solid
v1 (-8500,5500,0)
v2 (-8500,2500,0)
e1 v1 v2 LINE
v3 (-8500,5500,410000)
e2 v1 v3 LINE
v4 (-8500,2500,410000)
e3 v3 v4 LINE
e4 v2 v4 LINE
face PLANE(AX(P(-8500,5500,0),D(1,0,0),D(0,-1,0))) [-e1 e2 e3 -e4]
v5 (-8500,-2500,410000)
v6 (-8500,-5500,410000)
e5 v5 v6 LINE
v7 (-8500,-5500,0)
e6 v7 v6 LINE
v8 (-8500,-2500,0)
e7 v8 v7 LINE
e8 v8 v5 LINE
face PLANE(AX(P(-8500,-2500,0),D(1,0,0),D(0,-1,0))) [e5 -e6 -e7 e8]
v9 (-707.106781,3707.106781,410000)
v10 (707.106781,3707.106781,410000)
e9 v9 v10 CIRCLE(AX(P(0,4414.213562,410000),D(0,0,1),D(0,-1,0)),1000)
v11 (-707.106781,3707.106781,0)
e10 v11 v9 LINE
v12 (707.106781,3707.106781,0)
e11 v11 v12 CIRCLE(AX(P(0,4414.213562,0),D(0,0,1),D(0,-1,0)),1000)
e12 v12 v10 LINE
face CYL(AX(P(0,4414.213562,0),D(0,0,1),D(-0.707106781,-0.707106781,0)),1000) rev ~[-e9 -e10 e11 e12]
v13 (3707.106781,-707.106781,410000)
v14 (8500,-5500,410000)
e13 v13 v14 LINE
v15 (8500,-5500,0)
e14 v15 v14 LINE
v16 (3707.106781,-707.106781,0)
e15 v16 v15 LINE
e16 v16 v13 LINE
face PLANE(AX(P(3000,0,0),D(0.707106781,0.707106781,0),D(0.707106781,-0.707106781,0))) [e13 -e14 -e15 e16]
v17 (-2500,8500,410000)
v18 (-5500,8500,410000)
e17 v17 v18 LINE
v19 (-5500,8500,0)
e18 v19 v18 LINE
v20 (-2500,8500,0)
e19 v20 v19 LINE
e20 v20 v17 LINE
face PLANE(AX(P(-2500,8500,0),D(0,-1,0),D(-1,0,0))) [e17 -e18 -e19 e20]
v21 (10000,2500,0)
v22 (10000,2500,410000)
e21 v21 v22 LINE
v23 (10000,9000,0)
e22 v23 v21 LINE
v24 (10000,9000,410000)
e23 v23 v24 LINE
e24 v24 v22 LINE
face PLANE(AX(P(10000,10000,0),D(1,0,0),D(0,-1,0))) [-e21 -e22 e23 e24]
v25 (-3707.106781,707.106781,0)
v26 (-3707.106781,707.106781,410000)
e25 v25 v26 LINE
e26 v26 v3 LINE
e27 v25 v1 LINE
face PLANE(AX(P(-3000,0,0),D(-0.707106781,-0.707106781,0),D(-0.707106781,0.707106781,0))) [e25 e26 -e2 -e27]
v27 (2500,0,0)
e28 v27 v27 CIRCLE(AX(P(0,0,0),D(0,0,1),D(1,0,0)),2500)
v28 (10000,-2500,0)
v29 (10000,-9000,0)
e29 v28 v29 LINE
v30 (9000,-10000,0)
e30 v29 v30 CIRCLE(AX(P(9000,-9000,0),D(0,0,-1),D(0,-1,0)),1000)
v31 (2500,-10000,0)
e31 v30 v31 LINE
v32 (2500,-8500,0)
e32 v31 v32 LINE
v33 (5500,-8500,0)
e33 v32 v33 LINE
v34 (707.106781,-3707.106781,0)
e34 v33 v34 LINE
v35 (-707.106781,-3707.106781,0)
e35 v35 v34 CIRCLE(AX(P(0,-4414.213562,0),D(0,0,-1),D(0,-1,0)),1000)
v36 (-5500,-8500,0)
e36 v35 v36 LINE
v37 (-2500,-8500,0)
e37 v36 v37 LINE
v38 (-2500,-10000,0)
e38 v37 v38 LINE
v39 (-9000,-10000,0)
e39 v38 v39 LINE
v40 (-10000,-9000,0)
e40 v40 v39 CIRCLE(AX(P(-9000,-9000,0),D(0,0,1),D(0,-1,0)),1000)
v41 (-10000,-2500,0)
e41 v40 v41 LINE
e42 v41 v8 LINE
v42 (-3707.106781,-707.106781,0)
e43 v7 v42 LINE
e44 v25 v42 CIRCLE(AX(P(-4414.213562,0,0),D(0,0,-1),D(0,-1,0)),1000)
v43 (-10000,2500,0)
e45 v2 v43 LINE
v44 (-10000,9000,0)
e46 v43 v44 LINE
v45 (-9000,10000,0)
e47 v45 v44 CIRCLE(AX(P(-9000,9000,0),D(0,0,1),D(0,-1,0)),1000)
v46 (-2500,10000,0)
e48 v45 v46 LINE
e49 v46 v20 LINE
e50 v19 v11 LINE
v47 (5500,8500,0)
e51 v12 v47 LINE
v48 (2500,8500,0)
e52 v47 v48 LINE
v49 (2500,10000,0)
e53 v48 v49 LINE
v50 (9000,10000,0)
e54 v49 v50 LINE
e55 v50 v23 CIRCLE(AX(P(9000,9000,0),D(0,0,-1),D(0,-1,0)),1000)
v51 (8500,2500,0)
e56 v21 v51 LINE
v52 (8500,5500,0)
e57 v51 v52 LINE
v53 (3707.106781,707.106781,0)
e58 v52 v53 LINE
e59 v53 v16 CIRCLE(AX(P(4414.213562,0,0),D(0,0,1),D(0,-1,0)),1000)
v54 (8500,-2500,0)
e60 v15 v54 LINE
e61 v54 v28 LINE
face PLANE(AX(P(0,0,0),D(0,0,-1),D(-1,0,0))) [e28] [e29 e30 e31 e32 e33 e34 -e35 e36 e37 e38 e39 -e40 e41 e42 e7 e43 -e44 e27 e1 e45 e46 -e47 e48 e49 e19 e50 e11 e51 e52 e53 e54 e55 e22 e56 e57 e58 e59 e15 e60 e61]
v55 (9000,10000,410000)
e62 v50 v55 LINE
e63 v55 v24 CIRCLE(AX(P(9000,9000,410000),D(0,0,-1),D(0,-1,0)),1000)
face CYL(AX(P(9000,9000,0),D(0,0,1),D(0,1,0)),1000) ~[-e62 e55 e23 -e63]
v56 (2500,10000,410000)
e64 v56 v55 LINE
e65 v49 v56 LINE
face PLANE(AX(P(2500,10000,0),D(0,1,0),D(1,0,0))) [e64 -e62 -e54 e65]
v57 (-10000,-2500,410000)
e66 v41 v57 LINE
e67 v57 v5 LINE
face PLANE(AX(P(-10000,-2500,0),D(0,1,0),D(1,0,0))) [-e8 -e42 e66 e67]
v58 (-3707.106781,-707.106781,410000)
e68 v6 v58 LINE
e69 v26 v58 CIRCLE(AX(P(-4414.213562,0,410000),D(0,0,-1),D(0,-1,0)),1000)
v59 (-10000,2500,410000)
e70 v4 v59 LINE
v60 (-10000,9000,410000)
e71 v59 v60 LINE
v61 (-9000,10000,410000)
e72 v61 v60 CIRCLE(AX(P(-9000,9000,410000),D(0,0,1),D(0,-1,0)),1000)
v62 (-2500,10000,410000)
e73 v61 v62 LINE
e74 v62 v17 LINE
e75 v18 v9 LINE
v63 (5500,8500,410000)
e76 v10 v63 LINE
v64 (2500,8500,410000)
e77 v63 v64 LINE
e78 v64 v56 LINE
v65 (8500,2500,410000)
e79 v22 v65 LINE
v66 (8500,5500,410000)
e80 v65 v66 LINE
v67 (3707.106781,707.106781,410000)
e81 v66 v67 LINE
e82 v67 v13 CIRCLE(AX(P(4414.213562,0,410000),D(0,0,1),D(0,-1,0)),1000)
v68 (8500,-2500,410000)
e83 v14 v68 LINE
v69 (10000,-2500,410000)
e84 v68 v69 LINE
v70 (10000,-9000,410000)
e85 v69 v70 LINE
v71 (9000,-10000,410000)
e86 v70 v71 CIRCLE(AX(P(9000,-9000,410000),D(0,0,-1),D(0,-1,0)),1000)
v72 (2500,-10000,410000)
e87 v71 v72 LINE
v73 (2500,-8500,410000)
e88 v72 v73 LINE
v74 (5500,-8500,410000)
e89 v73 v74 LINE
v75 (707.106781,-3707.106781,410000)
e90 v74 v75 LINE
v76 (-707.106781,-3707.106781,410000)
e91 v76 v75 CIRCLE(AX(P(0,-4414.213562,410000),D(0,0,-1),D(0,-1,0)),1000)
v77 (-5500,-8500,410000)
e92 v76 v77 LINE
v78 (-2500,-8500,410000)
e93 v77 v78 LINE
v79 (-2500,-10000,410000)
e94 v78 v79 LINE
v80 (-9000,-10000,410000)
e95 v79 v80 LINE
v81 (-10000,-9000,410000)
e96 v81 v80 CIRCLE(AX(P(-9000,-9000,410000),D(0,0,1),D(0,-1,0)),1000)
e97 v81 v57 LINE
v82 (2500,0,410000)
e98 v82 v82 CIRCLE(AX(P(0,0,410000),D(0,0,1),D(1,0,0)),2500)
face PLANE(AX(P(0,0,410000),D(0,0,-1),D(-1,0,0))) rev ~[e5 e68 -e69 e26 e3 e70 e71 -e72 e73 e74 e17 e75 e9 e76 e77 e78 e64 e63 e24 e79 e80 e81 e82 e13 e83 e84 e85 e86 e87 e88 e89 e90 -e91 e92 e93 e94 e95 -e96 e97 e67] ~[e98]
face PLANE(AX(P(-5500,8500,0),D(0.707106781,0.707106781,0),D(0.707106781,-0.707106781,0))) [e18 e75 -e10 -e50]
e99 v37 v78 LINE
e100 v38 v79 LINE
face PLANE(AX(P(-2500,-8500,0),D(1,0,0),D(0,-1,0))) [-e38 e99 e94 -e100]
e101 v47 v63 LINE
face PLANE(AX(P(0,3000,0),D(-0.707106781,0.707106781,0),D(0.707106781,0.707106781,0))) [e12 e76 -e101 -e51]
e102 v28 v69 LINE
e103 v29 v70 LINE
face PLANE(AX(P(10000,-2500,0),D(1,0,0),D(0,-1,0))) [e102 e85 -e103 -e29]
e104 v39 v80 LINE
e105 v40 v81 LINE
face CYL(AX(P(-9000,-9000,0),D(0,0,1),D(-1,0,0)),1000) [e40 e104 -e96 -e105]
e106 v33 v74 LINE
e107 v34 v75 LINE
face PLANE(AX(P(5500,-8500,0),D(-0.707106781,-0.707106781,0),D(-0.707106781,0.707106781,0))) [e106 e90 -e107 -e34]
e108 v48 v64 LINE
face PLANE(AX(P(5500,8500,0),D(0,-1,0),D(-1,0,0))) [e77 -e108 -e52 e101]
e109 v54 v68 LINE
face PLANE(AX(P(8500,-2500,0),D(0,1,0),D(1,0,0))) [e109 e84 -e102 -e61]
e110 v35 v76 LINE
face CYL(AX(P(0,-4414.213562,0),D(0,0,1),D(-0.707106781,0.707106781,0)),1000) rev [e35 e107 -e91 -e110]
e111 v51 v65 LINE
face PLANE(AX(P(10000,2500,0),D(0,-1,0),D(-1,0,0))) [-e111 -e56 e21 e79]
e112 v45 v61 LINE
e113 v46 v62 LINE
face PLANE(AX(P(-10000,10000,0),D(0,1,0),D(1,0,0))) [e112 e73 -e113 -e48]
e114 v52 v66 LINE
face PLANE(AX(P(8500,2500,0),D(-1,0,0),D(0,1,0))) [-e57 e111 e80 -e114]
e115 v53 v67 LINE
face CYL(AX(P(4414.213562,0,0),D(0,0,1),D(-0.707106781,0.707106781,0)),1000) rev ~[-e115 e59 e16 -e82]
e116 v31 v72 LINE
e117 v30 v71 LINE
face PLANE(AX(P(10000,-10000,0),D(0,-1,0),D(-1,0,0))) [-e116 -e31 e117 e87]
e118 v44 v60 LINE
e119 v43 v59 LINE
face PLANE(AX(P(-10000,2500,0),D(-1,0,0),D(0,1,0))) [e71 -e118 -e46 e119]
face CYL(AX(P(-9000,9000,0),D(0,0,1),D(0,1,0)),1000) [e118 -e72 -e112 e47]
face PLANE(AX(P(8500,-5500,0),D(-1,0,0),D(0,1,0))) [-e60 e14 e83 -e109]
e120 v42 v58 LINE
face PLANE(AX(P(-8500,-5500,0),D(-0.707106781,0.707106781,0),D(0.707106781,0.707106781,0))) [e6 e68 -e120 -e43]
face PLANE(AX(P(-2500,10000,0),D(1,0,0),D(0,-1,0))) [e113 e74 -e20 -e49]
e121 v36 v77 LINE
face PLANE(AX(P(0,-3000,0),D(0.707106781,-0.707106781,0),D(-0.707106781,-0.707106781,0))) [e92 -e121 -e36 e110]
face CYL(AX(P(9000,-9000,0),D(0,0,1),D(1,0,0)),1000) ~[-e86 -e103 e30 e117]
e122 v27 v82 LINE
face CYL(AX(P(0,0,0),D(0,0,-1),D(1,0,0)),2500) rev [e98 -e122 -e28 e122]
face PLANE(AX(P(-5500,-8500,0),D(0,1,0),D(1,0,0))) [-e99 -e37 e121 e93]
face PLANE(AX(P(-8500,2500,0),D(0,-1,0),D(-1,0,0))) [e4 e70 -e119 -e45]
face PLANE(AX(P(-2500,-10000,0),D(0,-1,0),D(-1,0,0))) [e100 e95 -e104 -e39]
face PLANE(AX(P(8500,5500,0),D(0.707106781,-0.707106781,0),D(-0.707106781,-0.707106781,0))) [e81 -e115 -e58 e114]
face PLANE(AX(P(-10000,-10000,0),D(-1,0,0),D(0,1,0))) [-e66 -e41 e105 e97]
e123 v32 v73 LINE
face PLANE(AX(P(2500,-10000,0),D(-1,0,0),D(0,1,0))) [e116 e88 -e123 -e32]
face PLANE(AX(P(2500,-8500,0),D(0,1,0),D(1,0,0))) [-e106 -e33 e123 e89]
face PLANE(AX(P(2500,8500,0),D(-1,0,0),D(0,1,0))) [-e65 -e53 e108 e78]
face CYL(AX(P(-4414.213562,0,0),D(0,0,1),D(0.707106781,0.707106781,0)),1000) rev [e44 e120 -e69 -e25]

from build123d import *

# Parameters (mm, degrees)
SKETCH_1_R      = 2500
EXTRUDE_1_DEPTH = 410000
FILLET_1_R      = 1000
FILLET_2_R      = 1000


with BuildPart() as part:
    # 草圖1 → 填料-伸長1 (new body)
    with BuildSketch(Plane.XY):
        Polygon((-2500, 10000), (-2500, 8500), (-5500, 8500), (0, 3000), (5500, 8500), (2500, 8500), (2500, 10000), (10000, 10000), (10000, 2500), (8500, 2500), (8500, 5500), (3000, 0), (8500, -5500), (8500, -2500), (10000, -2500), (10000, -10000), (2500, -10000), (2500, -8500), (5500, -8500), (0, -3000), (-5500, -8500), (-2500, -8500), (-2500, -10000), (-10000, -10000), (-10000, -2500), (-8500, -2500), (-8500, -5500), (-3000, 0), (-8500, 5500), (-8500, 2500), (-10000, 2500), (-10000, 10000), align=None)
        Circle(SKETCH_1_R, mode=Mode.SUBTRACT)
    extrude(amount=EXTRUDE_1_DEPTH)

    # 圓角1
    fillet_1_edges = [part.edges().sort_by_distance(p)[0] for p in [
        (0, -3000, 205000),
        (-3000, 0, 205000),
        (0, 3000, 205000),
        (3000, 0, 205000),
    ]]
    fillet(fillet_1_edges, radius=FILLET_1_R)

    # 圓角2
    fillet_2_edges = [part.edges().sort_by_distance(p)[0] for p in [
        (-10000, -10000, 205000),
        (-10000, 10000, 205000),
        (10000, 10000, 205000),
        (10000, -10000, 205000),
    ]]
    fillet(fillet_2_edges, radius=FILLET_2_R)


solid = part.part
